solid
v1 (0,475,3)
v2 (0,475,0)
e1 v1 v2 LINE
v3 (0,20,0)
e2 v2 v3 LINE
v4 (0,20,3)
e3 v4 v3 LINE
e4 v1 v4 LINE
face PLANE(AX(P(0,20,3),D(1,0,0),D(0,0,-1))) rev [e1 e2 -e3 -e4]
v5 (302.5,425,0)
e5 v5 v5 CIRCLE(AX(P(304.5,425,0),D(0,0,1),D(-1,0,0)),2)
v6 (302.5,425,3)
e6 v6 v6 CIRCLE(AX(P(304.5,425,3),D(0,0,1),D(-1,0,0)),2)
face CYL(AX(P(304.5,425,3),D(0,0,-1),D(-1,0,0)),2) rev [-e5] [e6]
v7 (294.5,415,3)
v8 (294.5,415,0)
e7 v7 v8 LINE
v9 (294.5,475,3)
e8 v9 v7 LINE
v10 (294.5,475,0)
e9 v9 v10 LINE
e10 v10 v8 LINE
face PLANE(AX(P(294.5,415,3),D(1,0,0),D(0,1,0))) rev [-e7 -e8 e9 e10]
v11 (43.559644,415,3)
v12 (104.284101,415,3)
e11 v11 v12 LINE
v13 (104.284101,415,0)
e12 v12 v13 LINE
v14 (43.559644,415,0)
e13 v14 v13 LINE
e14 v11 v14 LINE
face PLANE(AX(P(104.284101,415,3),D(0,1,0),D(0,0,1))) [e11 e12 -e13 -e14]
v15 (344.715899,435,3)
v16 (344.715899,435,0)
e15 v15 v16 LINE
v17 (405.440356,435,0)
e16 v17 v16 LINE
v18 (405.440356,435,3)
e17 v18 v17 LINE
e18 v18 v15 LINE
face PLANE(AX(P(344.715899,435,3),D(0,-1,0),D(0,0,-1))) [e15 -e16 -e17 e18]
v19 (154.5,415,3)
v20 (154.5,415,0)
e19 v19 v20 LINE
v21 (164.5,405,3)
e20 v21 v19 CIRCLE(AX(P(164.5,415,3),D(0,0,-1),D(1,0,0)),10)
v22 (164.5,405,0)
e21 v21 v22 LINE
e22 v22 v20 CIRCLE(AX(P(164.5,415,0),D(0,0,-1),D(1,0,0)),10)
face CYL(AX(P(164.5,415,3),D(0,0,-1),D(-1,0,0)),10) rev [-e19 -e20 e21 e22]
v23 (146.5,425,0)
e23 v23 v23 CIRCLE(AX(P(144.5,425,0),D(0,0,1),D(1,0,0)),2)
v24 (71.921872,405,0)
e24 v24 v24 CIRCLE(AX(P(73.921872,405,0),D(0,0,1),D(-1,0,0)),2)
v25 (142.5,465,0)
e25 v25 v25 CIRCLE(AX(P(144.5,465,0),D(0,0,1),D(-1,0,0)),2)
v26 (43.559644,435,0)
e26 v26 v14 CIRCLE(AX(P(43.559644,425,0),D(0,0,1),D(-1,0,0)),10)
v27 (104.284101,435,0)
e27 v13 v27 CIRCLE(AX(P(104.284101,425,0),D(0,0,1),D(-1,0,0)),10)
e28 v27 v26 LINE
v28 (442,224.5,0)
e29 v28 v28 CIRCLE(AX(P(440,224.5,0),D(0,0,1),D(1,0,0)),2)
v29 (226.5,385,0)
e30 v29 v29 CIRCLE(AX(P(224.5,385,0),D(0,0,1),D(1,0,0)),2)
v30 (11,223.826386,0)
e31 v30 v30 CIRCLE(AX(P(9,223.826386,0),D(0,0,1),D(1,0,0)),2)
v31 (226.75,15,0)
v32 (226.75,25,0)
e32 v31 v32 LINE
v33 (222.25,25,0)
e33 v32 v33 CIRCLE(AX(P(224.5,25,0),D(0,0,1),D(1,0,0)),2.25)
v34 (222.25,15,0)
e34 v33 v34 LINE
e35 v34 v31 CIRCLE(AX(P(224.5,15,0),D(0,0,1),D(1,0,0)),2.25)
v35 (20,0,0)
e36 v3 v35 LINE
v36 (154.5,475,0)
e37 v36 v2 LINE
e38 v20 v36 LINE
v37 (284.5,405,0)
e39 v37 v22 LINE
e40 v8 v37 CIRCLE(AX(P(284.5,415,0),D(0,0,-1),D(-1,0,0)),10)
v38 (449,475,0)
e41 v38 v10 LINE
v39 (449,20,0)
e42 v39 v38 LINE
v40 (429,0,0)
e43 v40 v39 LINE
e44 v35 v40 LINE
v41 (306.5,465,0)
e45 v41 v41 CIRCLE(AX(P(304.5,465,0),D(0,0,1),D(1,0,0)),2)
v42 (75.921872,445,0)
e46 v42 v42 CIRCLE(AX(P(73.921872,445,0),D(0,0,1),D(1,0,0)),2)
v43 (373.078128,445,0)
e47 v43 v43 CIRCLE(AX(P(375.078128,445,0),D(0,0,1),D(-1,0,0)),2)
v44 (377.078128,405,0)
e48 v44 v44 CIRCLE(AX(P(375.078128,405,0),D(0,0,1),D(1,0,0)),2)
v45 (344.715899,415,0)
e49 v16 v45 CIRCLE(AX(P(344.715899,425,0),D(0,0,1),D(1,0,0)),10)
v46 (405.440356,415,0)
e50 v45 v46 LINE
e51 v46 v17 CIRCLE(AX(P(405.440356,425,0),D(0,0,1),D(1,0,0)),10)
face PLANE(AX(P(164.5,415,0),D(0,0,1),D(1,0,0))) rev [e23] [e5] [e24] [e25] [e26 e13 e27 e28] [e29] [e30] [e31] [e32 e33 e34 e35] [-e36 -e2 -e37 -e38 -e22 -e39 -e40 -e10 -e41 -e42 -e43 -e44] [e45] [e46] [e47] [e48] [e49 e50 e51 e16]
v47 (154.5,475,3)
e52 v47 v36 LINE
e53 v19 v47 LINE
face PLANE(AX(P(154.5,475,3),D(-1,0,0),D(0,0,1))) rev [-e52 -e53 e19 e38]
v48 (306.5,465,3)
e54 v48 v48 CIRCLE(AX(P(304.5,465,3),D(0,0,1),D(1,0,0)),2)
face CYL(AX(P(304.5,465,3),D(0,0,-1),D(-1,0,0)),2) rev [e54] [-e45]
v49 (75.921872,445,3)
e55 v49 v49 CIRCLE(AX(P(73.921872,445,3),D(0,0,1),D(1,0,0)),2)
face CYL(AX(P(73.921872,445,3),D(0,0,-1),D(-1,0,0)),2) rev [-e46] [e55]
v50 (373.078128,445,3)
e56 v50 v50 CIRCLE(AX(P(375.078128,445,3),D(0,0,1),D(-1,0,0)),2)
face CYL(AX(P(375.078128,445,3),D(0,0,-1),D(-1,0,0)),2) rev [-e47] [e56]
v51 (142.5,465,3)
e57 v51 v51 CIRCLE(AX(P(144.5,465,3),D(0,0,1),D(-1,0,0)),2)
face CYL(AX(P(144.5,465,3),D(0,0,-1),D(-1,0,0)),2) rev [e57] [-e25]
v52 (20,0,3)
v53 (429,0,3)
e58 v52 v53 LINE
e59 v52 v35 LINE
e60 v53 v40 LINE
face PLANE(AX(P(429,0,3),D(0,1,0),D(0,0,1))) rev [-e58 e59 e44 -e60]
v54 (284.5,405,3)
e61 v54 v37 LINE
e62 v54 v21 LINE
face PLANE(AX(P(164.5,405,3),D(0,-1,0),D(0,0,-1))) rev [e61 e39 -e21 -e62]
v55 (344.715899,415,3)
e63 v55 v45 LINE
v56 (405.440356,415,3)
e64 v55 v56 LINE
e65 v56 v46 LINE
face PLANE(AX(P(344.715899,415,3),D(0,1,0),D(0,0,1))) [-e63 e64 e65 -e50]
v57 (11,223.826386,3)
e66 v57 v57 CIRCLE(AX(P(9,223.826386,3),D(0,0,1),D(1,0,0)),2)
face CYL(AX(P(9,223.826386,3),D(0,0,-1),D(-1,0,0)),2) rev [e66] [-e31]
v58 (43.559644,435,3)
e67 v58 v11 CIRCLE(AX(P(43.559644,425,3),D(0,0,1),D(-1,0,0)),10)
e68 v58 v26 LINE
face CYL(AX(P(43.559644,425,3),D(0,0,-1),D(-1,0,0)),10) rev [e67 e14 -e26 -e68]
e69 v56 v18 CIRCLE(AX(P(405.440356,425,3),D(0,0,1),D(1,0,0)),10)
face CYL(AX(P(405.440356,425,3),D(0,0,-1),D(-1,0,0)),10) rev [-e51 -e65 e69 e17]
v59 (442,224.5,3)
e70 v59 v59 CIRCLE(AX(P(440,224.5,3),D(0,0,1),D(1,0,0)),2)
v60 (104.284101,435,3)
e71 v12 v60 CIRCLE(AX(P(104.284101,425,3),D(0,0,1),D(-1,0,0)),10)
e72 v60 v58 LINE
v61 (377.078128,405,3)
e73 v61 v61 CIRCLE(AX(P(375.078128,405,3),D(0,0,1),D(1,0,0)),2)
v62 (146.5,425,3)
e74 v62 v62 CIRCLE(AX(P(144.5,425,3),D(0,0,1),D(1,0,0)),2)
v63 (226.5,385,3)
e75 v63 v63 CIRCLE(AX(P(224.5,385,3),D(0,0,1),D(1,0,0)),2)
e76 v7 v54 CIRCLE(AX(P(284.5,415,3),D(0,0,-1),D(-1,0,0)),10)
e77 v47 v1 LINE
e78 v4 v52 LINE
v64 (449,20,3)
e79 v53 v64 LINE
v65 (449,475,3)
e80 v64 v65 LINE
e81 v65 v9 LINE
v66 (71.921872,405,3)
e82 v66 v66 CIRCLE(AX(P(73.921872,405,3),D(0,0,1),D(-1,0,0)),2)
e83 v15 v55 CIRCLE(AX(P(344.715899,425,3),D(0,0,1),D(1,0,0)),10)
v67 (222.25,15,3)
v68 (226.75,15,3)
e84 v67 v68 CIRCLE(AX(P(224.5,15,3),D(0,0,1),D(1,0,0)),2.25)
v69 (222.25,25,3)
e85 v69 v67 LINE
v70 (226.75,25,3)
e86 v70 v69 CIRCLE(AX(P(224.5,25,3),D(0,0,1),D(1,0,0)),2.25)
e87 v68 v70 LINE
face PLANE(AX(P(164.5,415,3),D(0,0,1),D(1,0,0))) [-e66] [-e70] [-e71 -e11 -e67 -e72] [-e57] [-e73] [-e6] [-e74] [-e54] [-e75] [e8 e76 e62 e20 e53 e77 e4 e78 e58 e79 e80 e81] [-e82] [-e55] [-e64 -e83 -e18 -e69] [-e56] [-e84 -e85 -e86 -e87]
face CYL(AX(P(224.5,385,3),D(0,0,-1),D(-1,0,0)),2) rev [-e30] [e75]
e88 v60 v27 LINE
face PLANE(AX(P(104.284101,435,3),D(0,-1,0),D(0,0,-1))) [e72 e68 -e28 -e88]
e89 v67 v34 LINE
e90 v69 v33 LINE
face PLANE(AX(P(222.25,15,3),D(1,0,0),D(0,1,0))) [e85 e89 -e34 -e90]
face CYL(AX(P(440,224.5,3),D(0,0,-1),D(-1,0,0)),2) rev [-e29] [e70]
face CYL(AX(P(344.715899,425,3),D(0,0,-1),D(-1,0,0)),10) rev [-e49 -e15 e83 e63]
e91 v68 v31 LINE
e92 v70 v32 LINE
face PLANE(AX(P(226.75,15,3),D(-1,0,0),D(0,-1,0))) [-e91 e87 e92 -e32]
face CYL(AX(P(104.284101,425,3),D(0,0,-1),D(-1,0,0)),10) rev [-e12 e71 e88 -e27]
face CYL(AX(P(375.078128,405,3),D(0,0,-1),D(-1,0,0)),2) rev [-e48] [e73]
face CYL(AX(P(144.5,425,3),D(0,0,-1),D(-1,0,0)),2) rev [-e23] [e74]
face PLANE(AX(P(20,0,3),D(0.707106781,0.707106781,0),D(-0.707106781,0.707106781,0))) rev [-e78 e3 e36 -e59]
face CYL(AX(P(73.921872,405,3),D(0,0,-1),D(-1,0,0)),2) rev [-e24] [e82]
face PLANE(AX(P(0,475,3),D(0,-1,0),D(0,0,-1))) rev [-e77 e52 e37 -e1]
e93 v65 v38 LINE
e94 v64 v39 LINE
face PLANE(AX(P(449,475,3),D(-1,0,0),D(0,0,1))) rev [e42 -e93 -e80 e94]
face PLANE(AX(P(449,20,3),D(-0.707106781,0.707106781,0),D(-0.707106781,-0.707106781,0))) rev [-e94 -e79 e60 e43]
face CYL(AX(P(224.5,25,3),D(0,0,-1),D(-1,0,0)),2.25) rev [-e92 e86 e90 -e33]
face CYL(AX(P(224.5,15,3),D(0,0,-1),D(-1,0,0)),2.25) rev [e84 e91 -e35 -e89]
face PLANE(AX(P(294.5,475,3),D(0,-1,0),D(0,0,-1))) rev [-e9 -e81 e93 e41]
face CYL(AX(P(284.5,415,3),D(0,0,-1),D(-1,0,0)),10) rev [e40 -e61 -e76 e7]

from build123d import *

# Parameters (mm, degrees)
SCHIZZO1_R                   = 2
ESTRUSIONE_ESTRUSIONE1_DEPTH = 3


with BuildPart() as part:
    # Schizzo1 → Estrusione-Estrusione1 (new body)
    with BuildSketch(Plane.XY):
        with BuildLine():
            Line((0, 20), (0, 475))
            Line((0, 475), (154.5, 475))
            Line((154.5, 475), (154.5, 415))
            ThreePointArc((154.5, 415), (157.428932188, 407.928932188), (164.5, 405))
            Line((164.5, 405), (284.5, 405))
            ThreePointArc((284.5, 405), (291.571067812, 407.928932188), (294.5, 415))
            Line((294.5, 415), (294.5, 475))
            Line((294.5, 475), (449, 475))
            Line((449, 475), (449, 20))
            Line((449, 20), (429, 0))
            Line((429, 0), (20, 0))
            Line((20, 0), (0, 20))
        make_face()
        with Locations((144.5, 425)):
            Circle(SCHIZZO1_R, mode=Mode.SUBTRACT)
        with Locations((224.5, 385)):
            Circle(SCHIZZO1_R, mode=Mode.SUBTRACT)
        with Locations((73.921872489, 445)):
            Circle(SCHIZZO1_R, mode=Mode.SUBTRACT)
        with Locations((9, 223.826386399)):
            Circle(SCHIZZO1_R, mode=Mode.SUBTRACT)
        with Locations((440, 224.5)):
            Circle(SCHIZZO1_R, mode=Mode.SUBTRACT)
        with Locations(Location((73.921872489, 405, 0), (0, 0, 180))):
            Circle(SCHIZZO1_R, mode=Mode.SUBTRACT)
        with Locations((375.078127511, 405)):
            Circle(SCHIZZO1_R, mode=Mode.SUBTRACT)
        with Locations(Location((375.078127511, 445, 0), (0, 0, 180))):
            Circle(SCHIZZO1_R, mode=Mode.SUBTRACT)
        with Locations(Location((144.5, 465, 0), (0, 0, 180))):
            Circle(SCHIZZO1_R, mode=Mode.SUBTRACT)
        with Locations(Location((304.5, 425, 0), (0, 0, 180))):
            Circle(SCHIZZO1_R, mode=Mode.SUBTRACT)
        with Locations((304.5, 465)):
            Circle(SCHIZZO1_R, mode=Mode.SUBTRACT)
        with BuildLine():
            Line((344.715899345, 435), (405.440355678, 435))
            ThreePointArc((405.440355678, 435), (415.440355678, 425), (405.440355678, 415))
            Line((405.440355678, 415), (344.715899345, 415))
            ThreePointArc((344.715899345, 415), (334.715899345, 425), (344.715899345, 435))
        make_face(mode=Mode.SUBTRACT)
        with BuildLine():
            Line((104.284100655, 435), (43.559644322, 435))
            ThreePointArc((43.559644322, 435), (33.559644322, 425), (43.559644322, 415))
            Line((43.559644322, 415), (104.284100655, 415))
            ThreePointArc((104.284100655, 415), (114.284100655, 425), (104.284100655, 435))
        make_face(mode=Mode.SUBTRACT)
        with BuildLine():
            Line((222.25, 15), (222.25, 25))
            ThreePointArc((222.25, 25), (224.5, 27.25), (226.75, 25))
            Line((226.75, 25), (226.75, 15))
            ThreePointArc((226.75, 15), (224.5, 12.75), (222.25, 15))
        make_face(mode=Mode.SUBTRACT)
    extrude(amount=ESTRUSIONE_ESTRUSIONE1_DEPTH)


solid = part.part
